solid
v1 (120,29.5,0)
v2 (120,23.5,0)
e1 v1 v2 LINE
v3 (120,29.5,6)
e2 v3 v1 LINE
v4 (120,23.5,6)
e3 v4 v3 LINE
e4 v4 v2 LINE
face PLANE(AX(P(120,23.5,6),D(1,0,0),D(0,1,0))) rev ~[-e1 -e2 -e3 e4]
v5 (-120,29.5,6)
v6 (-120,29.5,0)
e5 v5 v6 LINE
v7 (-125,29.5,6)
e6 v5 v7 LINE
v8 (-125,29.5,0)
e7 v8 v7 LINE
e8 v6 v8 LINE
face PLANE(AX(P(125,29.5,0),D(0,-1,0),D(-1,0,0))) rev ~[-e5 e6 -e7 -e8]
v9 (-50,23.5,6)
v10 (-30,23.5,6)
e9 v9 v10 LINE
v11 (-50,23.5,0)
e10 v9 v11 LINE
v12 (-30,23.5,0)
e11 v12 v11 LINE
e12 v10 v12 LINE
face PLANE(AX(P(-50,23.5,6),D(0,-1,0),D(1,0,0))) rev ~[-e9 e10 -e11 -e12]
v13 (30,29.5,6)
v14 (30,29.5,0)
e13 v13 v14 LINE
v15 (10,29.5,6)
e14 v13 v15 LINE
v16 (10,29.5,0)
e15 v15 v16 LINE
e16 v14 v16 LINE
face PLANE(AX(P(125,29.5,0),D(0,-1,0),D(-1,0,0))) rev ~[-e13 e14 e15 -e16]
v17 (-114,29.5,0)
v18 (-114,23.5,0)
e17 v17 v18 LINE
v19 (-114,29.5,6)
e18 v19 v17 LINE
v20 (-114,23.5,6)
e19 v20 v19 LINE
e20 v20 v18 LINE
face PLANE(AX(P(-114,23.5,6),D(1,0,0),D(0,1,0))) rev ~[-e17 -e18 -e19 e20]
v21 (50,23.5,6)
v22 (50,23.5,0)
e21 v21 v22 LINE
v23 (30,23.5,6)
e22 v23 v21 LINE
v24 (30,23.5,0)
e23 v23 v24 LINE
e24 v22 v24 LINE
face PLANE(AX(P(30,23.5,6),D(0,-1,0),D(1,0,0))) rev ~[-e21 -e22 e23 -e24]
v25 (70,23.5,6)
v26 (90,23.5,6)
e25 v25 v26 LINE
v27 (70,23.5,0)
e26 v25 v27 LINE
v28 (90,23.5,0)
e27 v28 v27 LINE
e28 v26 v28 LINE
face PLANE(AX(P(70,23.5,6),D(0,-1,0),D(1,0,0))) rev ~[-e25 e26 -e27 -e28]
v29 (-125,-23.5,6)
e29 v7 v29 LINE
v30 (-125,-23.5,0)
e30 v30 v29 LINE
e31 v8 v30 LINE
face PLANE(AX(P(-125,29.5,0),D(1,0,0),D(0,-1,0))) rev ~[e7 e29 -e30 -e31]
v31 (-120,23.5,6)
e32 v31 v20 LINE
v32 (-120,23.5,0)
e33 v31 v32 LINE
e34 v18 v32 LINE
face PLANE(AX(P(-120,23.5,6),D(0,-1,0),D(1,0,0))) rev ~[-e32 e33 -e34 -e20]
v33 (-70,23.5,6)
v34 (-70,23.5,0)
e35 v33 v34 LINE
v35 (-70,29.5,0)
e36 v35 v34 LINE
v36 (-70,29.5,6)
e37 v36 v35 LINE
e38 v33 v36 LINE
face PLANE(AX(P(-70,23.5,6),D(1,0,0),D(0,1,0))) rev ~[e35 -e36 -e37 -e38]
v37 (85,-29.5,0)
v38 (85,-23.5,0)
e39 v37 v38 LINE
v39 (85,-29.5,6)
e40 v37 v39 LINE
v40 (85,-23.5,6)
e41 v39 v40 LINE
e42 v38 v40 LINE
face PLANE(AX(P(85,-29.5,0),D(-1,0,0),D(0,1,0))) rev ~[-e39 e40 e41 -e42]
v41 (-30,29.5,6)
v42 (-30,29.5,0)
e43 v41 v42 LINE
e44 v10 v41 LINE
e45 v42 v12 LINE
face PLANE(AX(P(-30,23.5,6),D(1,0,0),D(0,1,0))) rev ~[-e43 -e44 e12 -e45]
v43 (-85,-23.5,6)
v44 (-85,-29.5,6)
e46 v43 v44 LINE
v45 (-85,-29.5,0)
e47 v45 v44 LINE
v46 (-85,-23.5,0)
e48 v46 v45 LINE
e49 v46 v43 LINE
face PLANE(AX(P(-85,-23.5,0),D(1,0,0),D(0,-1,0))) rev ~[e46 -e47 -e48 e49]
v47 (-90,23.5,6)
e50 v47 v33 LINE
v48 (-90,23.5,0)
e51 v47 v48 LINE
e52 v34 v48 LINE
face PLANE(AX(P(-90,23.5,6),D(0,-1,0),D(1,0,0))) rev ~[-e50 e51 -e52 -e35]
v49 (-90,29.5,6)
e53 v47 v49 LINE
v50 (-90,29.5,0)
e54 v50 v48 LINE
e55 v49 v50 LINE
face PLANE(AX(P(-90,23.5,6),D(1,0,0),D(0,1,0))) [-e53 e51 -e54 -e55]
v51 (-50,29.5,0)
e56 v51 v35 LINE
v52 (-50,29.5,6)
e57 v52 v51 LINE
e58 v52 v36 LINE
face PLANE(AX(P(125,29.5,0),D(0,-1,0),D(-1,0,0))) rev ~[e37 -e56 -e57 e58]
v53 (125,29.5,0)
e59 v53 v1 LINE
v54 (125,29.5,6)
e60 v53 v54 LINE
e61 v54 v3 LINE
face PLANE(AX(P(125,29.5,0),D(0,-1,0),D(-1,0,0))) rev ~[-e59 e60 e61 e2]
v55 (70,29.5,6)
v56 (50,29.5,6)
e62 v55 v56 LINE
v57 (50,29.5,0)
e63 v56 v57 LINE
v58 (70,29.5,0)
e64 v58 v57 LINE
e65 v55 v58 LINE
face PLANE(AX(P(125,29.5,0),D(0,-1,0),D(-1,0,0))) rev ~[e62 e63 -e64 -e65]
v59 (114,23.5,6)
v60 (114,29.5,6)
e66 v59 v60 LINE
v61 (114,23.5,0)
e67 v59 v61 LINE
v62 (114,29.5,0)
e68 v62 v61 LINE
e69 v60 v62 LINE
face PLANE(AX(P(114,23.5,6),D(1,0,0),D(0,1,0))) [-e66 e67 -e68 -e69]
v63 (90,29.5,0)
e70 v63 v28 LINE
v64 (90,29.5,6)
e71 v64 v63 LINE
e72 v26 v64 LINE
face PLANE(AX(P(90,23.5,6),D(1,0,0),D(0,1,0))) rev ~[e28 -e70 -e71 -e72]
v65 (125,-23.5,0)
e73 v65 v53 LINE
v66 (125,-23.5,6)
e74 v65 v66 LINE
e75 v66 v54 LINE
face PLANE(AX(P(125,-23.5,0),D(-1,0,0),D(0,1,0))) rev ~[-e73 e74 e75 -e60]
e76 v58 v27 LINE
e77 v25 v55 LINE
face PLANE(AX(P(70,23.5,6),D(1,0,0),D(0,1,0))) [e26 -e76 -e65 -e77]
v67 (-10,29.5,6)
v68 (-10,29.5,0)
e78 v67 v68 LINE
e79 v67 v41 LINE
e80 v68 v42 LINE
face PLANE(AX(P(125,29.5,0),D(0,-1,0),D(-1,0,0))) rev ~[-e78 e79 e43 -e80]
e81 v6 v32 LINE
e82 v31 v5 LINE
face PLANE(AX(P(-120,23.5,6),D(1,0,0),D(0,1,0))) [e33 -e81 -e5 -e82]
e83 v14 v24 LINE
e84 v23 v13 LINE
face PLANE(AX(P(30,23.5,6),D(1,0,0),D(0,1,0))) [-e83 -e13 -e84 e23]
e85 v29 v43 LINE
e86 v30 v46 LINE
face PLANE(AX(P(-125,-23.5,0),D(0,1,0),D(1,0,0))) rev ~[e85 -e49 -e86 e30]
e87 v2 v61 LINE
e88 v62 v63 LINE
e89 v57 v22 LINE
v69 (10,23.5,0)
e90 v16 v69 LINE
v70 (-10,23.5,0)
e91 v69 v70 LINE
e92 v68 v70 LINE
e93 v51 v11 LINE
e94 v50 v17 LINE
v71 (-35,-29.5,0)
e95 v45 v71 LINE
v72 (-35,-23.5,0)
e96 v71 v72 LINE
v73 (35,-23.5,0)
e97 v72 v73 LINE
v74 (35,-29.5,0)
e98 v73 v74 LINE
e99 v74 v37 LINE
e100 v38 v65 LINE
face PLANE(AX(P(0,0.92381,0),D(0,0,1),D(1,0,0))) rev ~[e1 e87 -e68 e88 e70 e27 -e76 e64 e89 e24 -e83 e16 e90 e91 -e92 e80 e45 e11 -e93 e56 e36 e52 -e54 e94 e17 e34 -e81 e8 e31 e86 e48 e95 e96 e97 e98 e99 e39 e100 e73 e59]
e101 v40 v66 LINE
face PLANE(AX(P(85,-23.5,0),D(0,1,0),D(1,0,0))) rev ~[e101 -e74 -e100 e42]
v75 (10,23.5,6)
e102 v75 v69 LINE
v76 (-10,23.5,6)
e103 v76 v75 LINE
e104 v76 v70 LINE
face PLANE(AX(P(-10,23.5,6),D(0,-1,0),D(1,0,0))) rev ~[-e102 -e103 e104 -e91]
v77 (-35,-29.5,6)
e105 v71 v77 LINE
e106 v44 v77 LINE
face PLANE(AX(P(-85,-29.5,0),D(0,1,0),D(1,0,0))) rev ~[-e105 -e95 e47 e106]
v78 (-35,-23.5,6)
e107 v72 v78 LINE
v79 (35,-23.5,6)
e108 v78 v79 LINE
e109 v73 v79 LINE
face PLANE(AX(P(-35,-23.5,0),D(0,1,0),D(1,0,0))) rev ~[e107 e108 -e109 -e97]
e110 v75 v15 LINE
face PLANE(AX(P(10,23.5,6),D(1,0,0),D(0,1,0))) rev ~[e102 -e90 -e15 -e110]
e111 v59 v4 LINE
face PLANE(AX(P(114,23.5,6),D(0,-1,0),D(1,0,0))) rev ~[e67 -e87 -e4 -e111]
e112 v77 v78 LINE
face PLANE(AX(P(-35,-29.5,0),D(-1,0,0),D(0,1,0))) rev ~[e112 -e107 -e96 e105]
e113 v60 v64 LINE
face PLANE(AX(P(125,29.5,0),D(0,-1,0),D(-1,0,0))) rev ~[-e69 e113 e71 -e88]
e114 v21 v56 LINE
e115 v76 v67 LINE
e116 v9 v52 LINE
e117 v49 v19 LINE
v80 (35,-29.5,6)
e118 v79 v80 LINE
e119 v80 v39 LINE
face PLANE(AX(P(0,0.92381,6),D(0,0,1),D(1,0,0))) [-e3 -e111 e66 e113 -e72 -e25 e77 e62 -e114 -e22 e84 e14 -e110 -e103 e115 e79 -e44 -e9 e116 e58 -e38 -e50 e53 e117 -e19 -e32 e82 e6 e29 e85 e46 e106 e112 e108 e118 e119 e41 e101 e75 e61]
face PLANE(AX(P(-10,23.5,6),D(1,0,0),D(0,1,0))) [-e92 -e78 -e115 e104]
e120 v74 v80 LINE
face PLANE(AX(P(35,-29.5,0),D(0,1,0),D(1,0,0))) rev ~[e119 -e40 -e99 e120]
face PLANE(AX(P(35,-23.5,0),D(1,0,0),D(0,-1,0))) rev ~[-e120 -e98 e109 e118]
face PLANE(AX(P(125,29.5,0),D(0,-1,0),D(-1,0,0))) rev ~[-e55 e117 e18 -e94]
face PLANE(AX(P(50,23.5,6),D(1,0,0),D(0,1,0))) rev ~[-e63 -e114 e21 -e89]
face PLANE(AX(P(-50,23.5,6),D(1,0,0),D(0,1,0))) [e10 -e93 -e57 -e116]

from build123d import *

# Parameters (mm, degrees)
BOSS_EXTRUDE1_DEPTH = 6
CUT_EXTRUDE1_REACH  = 8
SKETCH2_W           = 20
SKETCH2_H           = 6
SKETCH2_W_2         = 6


with BuildPart() as part:
    # Sketch1 → Boss-Extrude1 (new body)
    with BuildSketch(Plane.XY):
        Polygon((-85, -23.5), (-85, -29.5), (-35, -29.5), (-35, -23.5), (35, -23.5), (35, -29.5), (85, -29.5), (85, -23.5), (125, -23.5), (125, 29.5), (-125, 29.5), (-125, -23.5), align=None)
    extrude(amount=BOSS_EXTRUDE1_DEPTH)

    # Sketch2 → Cut-Extrude1 (cut, up to next)
    with BuildSketch(Plane.XY.offset(6), mode=Mode.PRIVATE) as cut_extrude1_sk1:
        with Locations((-80, 26.5)):
            Rectangle(SKETCH2_W, SKETCH2_H)
    cut_extrude1_tool1 = extrude(cut_extrude1_sk1.sketch, amount=-CUT_EXTRUDE1_REACH, mode=Mode.PRIVATE) & part.part
    add(cut_extrude1_tool1.solids().sort_by_distance((-80, 26.5, 6))[0], mode=Mode.SUBTRACT)
    # Sketch2 → Cut-Extrude1 (cut, up to next)
    with BuildSketch(Plane.XY.offset(6), mode=Mode.PRIVATE) as cut_extrude1_sk2:
        with Locations((-40, 26.5)):
            Rectangle(SKETCH2_W, SKETCH2_H)
    cut_extrude1_tool2 = extrude(cut_extrude1_sk2.sketch, amount=-CUT_EXTRUDE1_REACH, mode=Mode.PRIVATE) & part.part
    add(cut_extrude1_tool2.solids().sort_by_distance((-40, 26.5, 6))[0], mode=Mode.SUBTRACT)
    # Sketch2 → Cut-Extrude1 (cut, up to next)
    with BuildSketch(Plane.XY.offset(6), mode=Mode.PRIVATE) as cut_extrude1_sk3:
        with Locations((0, 26.5)):
            Rectangle(SKETCH2_W, SKETCH2_H)
    cut_extrude1_tool3 = extrude(cut_extrude1_sk3.sketch, amount=-CUT_EXTRUDE1_REACH, mode=Mode.PRIVATE) & part.part
    add(cut_extrude1_tool3.solids().sort_by_distance((0, 26.5, 6))[0], mode=Mode.SUBTRACT)
    # Sketch2 → Cut-Extrude1 (cut, up to next)
    with BuildSketch(Plane.XY.offset(6), mode=Mode.PRIVATE) as cut_extrude1_sk4:
        with Locations((40, 26.5)):
            Rectangle(SKETCH2_W, SKETCH2_H)
    cut_extrude1_tool4 = extrude(cut_extrude1_sk4.sketch, amount=-CUT_EXTRUDE1_REACH, mode=Mode.PRIVATE) & part.part
    add(cut_extrude1_tool4.solids().sort_by_distance((40, 26.5, 6))[0], mode=Mode.SUBTRACT)
    # Sketch2 → Cut-Extrude1 (cut, up to next)
    with BuildSketch(Plane.XY.offset(6), mode=Mode.PRIVATE) as cut_extrude1_sk5:
        with Locations((80, 26.5)):
            Rectangle(SKETCH2_W, SKETCH2_H)
    cut_extrude1_tool5 = extrude(cut_extrude1_sk5.sketch, amount=-CUT_EXTRUDE1_REACH, mode=Mode.PRIVATE) & part.part
    add(cut_extrude1_tool5.solids().sort_by_distance((80, 26.5, 6))[0], mode=Mode.SUBTRACT)
    # Sketch2 → Cut-Extrude1 (cut, up to next)
    with BuildSketch(Plane.XY.offset(6), mode=Mode.PRIVATE) as cut_extrude1_sk6:
        with Locations((-117, 26.5)):
            Rectangle(SKETCH2_W_2, SKETCH2_H)
    cut_extrude1_tool6 = extrude(cut_extrude1_sk6.sketch, amount=-CUT_EXTRUDE1_REACH, mode=Mode.PRIVATE) & part.part
    add(cut_extrude1_tool6.solids().sort_by_distance((-117, 26.5, 6))[0], mode=Mode.SUBTRACT)
    # Sketch2 → Cut-Extrude1 (cut, up to next)
    with BuildSketch(Plane.XY.offset(6), mode=Mode.PRIVATE) as cut_extrude1_sk7:
        with Locations((117, 26.5)):
            Rectangle(SKETCH2_W_2, SKETCH2_H)
    cut_extrude1_tool7 = extrude(cut_extrude1_sk7.sketch, amount=-CUT_EXTRUDE1_REACH, mode=Mode.PRIVATE) & part.part
    add(cut_extrude1_tool7.solids().sort_by_distance((117, 26.5, 6))[0], mode=Mode.SUBTRACT)


solid = part.part
